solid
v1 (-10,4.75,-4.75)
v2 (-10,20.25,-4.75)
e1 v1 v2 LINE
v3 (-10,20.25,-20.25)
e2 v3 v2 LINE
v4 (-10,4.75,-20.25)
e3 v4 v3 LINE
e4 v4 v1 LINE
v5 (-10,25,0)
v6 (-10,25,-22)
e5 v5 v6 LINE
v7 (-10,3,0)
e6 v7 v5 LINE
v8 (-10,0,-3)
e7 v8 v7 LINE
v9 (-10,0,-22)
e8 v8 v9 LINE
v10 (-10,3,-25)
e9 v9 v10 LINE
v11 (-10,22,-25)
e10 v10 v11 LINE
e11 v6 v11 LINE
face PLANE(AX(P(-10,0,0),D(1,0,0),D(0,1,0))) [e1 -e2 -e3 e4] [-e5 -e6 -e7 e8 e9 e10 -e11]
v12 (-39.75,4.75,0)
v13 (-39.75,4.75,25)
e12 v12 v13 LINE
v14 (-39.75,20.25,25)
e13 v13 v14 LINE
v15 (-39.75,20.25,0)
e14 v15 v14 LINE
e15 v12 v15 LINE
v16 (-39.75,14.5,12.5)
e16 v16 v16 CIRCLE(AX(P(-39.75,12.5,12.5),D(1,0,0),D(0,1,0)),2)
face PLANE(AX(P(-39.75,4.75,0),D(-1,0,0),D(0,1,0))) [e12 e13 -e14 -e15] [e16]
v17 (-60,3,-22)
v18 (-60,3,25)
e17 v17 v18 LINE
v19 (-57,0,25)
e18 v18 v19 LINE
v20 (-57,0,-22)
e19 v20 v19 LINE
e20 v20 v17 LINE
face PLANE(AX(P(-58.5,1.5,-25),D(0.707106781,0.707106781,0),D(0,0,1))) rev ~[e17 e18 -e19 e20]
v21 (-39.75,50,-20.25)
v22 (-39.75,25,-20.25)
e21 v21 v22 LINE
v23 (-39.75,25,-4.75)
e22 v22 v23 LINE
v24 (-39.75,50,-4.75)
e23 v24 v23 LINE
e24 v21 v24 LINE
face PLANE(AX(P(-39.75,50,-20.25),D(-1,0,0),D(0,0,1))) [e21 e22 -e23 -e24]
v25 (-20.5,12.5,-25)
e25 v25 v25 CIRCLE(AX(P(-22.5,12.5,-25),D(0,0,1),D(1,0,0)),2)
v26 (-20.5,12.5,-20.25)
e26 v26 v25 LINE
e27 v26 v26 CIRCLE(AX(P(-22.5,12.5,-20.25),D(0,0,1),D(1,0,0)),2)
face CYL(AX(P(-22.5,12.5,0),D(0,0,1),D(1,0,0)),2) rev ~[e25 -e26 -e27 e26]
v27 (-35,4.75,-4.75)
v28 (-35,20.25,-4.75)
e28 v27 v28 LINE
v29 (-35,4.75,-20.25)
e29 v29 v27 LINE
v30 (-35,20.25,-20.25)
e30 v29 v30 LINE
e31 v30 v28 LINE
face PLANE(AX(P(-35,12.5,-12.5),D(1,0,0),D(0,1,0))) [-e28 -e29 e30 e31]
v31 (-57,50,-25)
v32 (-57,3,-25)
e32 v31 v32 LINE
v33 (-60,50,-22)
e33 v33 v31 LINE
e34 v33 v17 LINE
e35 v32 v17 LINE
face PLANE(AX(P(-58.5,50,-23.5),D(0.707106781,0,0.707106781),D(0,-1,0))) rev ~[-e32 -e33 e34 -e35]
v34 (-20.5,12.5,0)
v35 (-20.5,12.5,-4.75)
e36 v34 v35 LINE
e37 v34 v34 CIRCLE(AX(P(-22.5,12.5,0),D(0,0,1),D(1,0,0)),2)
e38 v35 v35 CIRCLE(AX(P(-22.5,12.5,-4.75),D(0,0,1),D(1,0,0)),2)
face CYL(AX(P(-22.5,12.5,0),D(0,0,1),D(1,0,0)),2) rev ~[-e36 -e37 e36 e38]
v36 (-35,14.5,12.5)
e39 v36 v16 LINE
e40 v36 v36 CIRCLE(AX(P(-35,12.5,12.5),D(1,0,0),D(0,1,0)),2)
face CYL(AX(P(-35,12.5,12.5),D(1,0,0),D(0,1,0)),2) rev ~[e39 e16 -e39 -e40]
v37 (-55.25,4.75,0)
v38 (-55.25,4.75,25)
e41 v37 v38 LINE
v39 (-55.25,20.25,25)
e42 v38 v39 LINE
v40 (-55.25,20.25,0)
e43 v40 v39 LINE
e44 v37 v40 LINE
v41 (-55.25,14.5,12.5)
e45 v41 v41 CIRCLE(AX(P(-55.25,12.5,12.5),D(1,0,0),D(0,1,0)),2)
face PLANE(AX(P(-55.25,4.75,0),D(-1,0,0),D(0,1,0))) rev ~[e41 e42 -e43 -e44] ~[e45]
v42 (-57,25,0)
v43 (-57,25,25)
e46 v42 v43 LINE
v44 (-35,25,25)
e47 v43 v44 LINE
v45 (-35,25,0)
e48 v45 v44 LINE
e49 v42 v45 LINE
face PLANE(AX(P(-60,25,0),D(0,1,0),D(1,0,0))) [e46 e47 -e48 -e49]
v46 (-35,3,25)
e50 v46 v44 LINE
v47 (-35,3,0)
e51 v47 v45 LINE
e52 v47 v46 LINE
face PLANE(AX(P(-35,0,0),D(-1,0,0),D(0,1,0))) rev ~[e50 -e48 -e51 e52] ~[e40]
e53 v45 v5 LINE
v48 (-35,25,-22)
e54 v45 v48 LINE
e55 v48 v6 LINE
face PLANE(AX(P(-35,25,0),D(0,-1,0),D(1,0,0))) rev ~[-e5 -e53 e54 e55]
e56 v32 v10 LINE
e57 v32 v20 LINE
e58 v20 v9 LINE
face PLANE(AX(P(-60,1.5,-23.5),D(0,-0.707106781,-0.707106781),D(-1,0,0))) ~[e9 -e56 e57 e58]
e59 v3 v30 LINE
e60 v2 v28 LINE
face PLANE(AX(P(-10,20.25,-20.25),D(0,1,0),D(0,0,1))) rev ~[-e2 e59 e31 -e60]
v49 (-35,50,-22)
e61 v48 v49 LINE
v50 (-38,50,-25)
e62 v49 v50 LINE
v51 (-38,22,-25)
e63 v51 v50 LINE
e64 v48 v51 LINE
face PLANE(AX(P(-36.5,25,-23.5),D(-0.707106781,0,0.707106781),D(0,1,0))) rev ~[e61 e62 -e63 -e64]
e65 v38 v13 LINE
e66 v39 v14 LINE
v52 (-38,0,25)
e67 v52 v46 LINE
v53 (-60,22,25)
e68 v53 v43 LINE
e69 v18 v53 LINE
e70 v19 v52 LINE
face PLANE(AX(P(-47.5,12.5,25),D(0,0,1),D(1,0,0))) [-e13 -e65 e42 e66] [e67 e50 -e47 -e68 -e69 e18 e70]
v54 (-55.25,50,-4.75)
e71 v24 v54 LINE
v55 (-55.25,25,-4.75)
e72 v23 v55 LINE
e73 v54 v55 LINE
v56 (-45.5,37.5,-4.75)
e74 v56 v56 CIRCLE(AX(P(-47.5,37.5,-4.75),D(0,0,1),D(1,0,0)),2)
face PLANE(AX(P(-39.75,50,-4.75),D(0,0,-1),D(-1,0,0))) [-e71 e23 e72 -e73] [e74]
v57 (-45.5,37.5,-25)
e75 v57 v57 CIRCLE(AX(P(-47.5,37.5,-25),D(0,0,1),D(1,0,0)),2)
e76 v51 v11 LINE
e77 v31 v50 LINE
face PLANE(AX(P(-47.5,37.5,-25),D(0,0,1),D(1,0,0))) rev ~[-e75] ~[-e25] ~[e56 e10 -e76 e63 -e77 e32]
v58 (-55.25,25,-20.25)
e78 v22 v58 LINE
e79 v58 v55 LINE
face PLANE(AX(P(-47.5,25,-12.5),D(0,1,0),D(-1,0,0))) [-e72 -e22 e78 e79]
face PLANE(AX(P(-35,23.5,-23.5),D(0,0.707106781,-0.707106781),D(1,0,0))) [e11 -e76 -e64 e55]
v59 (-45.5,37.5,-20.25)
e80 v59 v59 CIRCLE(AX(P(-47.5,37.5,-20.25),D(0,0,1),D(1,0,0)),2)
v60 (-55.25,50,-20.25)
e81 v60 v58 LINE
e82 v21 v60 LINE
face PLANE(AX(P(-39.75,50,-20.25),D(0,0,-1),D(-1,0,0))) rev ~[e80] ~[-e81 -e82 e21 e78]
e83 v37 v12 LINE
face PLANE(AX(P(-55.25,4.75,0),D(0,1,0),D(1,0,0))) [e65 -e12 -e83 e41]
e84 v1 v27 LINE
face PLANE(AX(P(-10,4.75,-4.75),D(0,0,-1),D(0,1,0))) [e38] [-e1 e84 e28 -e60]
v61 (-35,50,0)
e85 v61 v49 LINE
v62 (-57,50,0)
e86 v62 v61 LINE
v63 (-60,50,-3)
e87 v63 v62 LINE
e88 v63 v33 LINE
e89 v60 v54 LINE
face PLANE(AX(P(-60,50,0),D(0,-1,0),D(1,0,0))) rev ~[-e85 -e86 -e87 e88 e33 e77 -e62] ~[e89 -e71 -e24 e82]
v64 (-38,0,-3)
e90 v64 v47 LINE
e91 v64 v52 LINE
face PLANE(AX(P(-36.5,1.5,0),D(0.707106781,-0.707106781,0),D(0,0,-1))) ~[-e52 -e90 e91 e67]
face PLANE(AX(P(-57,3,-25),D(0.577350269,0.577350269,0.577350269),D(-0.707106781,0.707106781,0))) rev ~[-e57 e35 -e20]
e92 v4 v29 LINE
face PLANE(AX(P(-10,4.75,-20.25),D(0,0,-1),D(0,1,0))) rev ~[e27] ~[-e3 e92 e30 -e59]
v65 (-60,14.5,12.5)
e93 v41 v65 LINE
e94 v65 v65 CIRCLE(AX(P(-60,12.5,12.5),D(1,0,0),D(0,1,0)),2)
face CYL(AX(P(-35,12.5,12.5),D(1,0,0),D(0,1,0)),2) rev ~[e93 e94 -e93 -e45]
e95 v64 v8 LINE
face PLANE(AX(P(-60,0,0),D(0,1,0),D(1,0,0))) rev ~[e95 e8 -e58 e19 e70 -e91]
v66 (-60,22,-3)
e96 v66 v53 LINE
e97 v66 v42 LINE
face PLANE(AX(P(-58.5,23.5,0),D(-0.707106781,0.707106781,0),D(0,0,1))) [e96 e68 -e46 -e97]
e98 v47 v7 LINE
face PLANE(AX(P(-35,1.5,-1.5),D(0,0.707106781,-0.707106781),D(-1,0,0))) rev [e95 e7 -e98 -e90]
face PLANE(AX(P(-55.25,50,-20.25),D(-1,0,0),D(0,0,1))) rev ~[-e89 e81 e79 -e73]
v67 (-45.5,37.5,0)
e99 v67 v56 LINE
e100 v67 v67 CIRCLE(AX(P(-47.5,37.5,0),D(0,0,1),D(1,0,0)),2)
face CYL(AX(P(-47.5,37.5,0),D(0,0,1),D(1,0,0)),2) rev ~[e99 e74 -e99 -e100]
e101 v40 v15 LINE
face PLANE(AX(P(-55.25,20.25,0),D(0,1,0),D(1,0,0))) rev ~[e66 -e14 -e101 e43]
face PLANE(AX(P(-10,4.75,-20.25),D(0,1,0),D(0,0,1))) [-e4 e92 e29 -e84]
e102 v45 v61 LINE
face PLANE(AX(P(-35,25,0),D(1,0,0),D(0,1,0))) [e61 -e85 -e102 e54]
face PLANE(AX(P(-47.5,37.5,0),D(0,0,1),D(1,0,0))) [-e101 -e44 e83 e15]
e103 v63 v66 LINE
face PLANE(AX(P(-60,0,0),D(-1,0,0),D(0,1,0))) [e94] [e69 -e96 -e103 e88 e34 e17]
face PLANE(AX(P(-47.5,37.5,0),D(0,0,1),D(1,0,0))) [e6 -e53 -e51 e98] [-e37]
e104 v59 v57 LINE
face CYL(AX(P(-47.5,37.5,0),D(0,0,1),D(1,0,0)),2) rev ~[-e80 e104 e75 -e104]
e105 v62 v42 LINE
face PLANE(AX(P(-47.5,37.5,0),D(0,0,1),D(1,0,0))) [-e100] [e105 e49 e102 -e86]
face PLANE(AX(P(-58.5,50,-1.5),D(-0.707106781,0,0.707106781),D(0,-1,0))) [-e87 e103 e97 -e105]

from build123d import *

# Parameters (mm, degrees)
F0_W     = 25
F0_H     = 25
F0_R     = 2
F0_W_2   = 15.5
F0_H_2   = 15.5
F1_DEPTH = 25
F2_W     = 15.5
F2_H     = 15.5
F3_DEPTH = 25
F4_W     = 15.5
F4_H     = 15.5
F5_DEPTH = 25
F6_DEPTH = 25
F8_SIZE  = 3
F7_R     = 2
F9_DEPTH = 25


with BuildPart() as f1:
    # F0 (on Top) → F1 (new body)
    with BuildSketch(Plane.XY):
        with Locations((-47.5, 37.5)):
            Rectangle(F0_W, F0_H)
        with Locations((-47.5, 37.5)):
            Circle(F0_R, mode=Mode.SUBTRACT)
        with Locations((-22.5, 12.5)):
            Rectangle(F0_W, F0_H)
        with Locations((-22.5, 12.5)):
            Circle(F0_R, mode=Mode.SUBTRACT)
        with Locations((-47.5, 12.5)):
            Rectangle(F0_W, F0_H)
        with Locations((-47.5, 12.5)):
            Rectangle(F0_W_2, F0_H_2, mode=Mode.SUBTRACT)
        with Locations((-47.5, 12.5)):
            Rectangle(F0_W_2, F0_H_2)
    extrude(amount=-F1_DEPTH)

    # F2 (on face) → F3 (cut)
    with BuildSketch(Plane.YZ.offset(-10)):
        with Locations((12.5, -12.5)):
            Rectangle(F2_W, F2_H)
    extrude(amount=-F3_DEPTH, mode=Mode.SUBTRACT)

    # F4 (on face) → F5 (cut)
    with BuildSketch(Plane(origin=(0, 50, 0), x_dir=(-1, 0, 0), z_dir=(0, 1, 0))):
        with Locations((47.5, -12.5)):
            Rectangle(F4_W, F4_H)
    extrude(amount=-F5_DEPTH, mode=Mode.SUBTRACT)

    # F0 (on Top) → F6 (join)
    with BuildSketch(Plane.XY):
        with Locations((-47.5, 12.5)):
            Rectangle(F0_W, F0_H)
        with Locations((-47.5, 12.5)):
            Rectangle(F0_W_2, F0_H_2, mode=Mode.SUBTRACT)
    extrude(amount=F6_DEPTH)

    # F8
    f8_edges = [f1.edges().sort_by_distance(p)[0] for p in [
        (-60, 0, 0),
        (-35, 0, -25),
        (-60, 25, -25),
        (-35, 0, 12.5),
        (-22.5, 0, 0),
        (-35, 37.5, -25),
        (-22.5, 25, -25),
        (-60, 37.5, 0),
        (-60, 25, 12.5),
    ]]
    chamfer(f8_edges, length=F8_SIZE)

    # F7 (on face) → F9 (cut)
    with BuildSketch(Plane.YZ.offset(-35)):
        with Locations((12.5, 12.5)):
            Circle(F7_R)
    extrude(amount=-F9_DEPTH, mode=Mode.SUBTRACT)


solid = f1.part
